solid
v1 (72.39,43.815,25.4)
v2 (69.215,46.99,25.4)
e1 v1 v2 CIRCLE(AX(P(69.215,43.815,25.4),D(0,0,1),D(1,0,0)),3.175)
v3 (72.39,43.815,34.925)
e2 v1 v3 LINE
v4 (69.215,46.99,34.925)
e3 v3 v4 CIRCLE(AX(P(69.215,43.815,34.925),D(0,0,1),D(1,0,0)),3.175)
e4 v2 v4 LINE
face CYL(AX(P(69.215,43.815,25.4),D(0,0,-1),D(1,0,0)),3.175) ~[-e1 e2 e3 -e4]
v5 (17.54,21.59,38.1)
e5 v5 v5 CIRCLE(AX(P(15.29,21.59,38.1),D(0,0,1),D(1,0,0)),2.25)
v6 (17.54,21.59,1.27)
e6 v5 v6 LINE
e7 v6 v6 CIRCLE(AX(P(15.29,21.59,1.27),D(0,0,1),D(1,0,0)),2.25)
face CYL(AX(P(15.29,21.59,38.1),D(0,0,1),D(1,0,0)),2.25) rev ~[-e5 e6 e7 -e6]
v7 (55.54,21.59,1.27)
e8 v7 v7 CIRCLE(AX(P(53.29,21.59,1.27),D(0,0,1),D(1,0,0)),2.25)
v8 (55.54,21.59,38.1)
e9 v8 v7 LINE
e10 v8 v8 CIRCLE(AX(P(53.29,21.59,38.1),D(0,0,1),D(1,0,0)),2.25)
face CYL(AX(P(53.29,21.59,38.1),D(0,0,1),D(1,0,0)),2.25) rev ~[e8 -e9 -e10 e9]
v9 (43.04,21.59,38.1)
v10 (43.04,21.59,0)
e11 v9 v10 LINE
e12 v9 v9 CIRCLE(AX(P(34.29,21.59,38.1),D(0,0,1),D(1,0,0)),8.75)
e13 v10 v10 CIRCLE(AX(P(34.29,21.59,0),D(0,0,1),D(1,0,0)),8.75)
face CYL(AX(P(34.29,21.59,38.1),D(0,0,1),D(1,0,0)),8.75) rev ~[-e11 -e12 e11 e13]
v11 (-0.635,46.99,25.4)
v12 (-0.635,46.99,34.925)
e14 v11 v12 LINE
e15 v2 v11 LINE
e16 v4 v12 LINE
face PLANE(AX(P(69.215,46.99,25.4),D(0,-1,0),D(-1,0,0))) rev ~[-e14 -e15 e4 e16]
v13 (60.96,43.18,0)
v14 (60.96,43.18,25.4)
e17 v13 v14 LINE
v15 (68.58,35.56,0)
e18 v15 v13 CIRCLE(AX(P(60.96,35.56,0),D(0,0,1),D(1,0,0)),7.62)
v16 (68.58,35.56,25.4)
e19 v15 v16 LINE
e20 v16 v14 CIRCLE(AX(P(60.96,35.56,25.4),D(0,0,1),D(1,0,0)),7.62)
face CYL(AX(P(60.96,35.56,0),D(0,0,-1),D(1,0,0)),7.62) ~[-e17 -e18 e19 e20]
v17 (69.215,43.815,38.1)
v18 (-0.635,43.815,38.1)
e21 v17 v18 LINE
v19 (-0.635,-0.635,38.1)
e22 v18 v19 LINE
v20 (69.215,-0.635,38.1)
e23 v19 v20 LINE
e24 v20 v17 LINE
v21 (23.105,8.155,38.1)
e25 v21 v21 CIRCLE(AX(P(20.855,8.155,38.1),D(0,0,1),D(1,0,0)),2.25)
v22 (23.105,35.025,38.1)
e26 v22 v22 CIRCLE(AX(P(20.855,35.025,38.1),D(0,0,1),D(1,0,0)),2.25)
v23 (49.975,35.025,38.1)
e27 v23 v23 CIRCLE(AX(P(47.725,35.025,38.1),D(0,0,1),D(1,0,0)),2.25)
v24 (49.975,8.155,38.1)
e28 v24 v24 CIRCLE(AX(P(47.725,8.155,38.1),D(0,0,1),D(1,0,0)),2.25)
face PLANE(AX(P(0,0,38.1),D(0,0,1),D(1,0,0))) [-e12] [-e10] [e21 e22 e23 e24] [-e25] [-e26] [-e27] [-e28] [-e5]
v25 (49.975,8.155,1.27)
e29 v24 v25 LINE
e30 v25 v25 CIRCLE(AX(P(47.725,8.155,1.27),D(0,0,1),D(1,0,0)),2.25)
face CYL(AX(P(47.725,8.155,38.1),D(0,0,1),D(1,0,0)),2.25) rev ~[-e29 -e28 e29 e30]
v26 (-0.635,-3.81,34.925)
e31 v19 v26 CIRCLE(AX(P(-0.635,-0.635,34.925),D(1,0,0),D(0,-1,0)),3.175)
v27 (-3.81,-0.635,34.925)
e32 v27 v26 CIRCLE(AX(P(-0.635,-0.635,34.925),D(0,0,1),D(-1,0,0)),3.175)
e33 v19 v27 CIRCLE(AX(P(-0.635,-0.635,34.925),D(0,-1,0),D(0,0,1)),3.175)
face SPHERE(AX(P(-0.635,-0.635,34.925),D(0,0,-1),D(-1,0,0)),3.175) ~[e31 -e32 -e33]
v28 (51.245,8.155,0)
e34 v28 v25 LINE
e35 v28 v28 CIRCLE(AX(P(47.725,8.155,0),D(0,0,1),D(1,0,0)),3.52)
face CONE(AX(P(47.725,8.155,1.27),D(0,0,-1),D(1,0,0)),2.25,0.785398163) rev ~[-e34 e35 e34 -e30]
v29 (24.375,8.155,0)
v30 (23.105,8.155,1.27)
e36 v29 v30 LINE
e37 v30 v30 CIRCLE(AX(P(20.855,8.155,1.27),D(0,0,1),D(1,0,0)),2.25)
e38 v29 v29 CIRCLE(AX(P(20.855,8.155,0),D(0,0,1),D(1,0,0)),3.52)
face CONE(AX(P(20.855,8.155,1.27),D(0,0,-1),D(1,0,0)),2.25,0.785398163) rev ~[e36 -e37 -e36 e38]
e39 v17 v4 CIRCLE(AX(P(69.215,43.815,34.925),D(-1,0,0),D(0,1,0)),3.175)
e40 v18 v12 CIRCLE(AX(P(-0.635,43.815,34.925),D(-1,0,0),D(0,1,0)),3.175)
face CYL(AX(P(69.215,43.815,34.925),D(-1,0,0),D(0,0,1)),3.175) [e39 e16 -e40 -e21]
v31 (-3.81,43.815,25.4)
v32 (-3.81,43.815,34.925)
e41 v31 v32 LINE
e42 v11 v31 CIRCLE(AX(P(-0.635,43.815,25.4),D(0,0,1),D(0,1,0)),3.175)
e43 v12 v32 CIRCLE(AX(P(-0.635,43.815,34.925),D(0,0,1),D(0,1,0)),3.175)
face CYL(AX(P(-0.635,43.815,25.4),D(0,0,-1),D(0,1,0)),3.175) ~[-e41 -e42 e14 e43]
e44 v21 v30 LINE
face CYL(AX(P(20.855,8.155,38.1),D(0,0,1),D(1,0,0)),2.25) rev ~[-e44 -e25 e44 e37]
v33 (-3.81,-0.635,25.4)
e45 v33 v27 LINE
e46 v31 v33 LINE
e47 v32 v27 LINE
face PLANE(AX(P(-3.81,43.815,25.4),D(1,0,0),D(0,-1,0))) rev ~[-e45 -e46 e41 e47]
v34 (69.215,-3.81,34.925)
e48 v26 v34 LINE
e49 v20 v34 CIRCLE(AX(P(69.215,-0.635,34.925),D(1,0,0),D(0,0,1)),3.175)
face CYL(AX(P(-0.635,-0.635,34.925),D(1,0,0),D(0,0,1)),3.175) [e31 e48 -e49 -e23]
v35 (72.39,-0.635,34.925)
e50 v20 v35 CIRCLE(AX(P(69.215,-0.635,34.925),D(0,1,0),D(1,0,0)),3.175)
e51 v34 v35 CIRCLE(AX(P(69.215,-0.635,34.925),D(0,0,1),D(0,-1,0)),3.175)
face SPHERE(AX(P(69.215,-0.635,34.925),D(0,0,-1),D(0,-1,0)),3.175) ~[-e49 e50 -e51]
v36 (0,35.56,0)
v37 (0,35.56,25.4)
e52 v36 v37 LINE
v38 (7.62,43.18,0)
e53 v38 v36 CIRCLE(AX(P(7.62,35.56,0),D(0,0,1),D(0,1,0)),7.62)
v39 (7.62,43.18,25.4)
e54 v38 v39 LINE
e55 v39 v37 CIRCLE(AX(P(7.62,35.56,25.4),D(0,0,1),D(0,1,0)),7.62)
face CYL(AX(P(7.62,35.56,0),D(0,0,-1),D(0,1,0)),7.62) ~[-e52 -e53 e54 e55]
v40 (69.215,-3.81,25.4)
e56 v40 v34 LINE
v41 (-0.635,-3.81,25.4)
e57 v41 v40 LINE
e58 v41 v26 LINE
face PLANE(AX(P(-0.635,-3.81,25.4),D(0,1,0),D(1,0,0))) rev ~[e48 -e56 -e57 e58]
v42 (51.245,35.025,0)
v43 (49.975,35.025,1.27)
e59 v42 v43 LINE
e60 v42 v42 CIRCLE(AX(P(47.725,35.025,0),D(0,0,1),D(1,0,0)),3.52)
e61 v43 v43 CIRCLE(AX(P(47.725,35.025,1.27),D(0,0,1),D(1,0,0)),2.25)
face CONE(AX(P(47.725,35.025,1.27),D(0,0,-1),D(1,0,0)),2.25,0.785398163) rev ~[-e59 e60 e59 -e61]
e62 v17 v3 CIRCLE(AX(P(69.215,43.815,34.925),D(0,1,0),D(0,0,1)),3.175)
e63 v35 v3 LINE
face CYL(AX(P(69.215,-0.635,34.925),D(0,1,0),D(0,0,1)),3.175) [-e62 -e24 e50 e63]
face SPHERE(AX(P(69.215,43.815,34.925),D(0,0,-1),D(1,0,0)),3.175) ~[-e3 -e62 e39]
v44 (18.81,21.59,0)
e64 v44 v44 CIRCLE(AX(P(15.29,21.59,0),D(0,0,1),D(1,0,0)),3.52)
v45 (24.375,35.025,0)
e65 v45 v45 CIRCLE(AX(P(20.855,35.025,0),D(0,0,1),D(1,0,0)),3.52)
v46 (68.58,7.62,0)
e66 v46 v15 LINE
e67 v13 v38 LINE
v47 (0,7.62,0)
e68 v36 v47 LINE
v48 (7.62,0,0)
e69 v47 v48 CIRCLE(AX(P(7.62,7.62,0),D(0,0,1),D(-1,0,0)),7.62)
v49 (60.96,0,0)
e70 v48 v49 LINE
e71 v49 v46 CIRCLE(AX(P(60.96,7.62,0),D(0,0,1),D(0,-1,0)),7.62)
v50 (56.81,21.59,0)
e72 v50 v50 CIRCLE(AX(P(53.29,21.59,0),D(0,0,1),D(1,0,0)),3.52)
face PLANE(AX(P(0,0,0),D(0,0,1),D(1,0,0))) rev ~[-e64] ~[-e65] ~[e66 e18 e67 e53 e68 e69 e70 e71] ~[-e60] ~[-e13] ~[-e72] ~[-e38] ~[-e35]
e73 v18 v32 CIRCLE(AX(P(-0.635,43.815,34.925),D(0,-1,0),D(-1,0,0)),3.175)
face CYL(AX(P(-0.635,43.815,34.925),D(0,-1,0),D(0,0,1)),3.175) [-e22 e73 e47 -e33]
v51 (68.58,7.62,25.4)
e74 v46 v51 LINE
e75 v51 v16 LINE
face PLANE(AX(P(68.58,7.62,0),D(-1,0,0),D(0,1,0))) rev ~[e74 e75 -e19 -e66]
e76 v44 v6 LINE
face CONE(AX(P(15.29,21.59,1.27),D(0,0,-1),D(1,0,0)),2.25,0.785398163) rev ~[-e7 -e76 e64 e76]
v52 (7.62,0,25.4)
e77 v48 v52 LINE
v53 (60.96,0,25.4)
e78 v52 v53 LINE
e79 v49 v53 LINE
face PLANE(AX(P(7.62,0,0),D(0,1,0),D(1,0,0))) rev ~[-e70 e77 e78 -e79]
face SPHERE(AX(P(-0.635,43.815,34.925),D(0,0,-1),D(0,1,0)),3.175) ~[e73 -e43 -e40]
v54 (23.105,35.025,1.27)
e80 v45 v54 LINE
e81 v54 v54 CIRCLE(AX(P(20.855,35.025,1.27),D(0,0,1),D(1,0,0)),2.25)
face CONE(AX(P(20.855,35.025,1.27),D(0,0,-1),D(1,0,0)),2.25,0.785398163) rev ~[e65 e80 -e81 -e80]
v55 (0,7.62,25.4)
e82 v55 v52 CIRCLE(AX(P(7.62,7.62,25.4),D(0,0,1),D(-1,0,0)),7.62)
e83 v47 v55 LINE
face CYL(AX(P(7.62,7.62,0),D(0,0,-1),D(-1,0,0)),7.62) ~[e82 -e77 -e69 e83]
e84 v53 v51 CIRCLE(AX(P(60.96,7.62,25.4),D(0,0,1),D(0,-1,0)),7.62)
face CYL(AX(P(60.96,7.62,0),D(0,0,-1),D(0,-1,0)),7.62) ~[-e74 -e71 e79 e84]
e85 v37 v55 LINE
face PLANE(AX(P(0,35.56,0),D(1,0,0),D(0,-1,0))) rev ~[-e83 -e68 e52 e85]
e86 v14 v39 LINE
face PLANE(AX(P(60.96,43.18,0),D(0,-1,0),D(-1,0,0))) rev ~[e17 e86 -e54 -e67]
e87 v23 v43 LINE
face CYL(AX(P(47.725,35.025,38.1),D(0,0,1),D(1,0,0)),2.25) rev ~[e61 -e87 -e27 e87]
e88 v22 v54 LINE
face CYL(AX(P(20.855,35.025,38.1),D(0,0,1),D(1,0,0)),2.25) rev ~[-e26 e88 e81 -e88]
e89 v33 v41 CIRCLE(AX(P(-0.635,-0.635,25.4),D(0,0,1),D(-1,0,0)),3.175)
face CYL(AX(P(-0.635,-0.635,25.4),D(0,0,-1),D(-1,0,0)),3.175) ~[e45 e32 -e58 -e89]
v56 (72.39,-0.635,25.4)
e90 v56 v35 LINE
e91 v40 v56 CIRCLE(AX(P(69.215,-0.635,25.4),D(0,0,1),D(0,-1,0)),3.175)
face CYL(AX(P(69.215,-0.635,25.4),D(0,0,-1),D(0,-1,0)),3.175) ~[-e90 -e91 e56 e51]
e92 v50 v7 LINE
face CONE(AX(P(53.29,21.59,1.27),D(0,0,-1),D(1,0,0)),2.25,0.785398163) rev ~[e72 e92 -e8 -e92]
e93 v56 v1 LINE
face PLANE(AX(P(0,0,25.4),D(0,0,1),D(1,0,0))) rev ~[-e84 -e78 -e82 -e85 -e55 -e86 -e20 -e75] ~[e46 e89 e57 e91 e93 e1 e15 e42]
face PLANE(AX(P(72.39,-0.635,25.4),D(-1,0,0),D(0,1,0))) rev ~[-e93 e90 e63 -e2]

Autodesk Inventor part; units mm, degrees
ref_plane "YZ Plane" through (0, 0, 0) normal (1, 0, 0) x (0, 1, 0)
ref_plane "XZ Plane" through (0, 0, 0) normal (0, 1, 0) x (-1, 0, 0)
ref_plane "XY Plane" through (0, 0, 0) normal (0, 0, 1) x (1, 0, 0)
sketch "Sketch1" plane through (0, 0, 0) normal (0, 0, 1) x (1, 0, 0)
  line L0 (7.62, 0) -> (60.96, 0)
  line L1 (68.58, 7.62) -> (68.58, 35.56)
  line L2 (60.96, 43.18) -> (7.62, 43.18)
  line L3 (0, 35.56) -> (0, 7.62)
  arc A0 (7.62, 43.18) -> (0, 35.56) centre (7.62, 35.56) ccw
  arc A1 (0, 7.62) -> (7.62, 0) centre (7.62, 7.62) ccw
  arc A2 (60.96, 0) -> (68.58, 7.62) centre (60.96, 7.62) ccw
  arc A3 (68.58, 35.56) -> (60.96, 43.18) centre (60.96, 35.56) ccw
  point P0 (0, 0)
  point P1 (68.58, 43.18)
  point P2 (68.58, 0)
  point P3 (0, 43.18)
  dimension "d0" = 68.58
  dimension "d1" = 43.18
  dimension "d2" = 7.62
extrude "Extrusion1" add sketch "Sketch1" along normal blind 25.4
sketch "Sketch2" plane through (0, 0, 25.4) normal (0, 0, 1) x (1, 0, 0)
  line L0 (-0.635, -3.81) -> (69.215, -3.81)
  line L1 (72.39, -0.635) -> (72.39, 43.815)
  line L2 (69.215, 46.99) -> (-0.635, 46.99)
  line L3 (-3.81, 43.815) -> (-3.81, -0.635)
  arc A0 (-0.635, 46.99) -> (-3.81, 43.815) centre (-0.635, 43.815) ccw
  arc A1 (-3.81, -0.635) -> (-0.635, -3.81) centre (-0.635, -0.635) ccw
  arc A2 (69.215, -3.81) -> (72.39, -0.635) centre (69.215, -0.635) ccw
  arc A3 (72.39, 43.815) -> (69.215, 46.99) centre (69.215, 43.815) ccw
  line L4 (60.96, 43.18) -> (7.62, 43.18) construction
  line L5 (0, 35.56) -> (0, 7.62) construction
  point P0 (0, 0)
  point P1 (72.39, 46.99)
  point P2 (72.39, -3.81)
  point P3 (-3.81, 46.99)
  point P4 (34.29, 46.99)
  point P5 (34.29, 43.18)
  point P6 (-3.81, 21.59)
  point P7 (0, 21.59)
  dimension "d5" = 76.2
  dimension "d6" = 50.8
  dimension "d7" = 3.175
extrude "Extrusion2" add sketch "Sketch2" along normal blind 12.7
fillet "Fillet1" radius 3.175 8 edges at (-2.8801, 46.0601, 38.1) (-3.81, 21.59, 38.1) (-2.8801, -2.8801, 38.1) (34.29, -3.81, 38.1) (71.4601, -2.8801, 38.1) (72.39, 21.59, 38.1) (71.4601, 46.0601, 38.1) (34.29, 46.99, 38.1)
sketch "Sketch3" plane through (0, 0, 38.1) normal (0, 0, 1) x (1, 0, 0)
  line L0 (69.215, 46.99) -> (-0.635, 46.99) construction
  line L1 (69.215, 46.99) -> (-0.635, 46.99) construction
  line L2 (-3.81, 43.815) -> (-3.81, -0.635) construction
  line L3 (-3.81, 43.815) -> (-3.81, -0.635) construction
  circle A0 centre (34.29, 21.59) radius 8.75
  circle A1 centre (34.29, 21.59) radius 19 construction
  circle A2 centre (20.855, 35.025) radius 2.25
  circle A3 centre (47.725, 35.025) radius 2.25
  circle A4 centre (15.29, 21.59) radius 2.25
  circle A5 centre (53.29, 21.59) radius 2.25
  circle A6 centre (20.855, 8.155) radius 2.25
  circle A7 centre (47.725, 8.155) radius 2.25
  line L4 (20.855, 35.025) -> (34.29, 21.59) construction
  line L5 (34.29, 21.59) -> (15.29, 21.59) construction
  point P0 (0, 0)
  point P1 (34.29, 46.99)
  point P2 (-3.81, 21.59)
  point P3 (-3.81, 21.59)
  dimension "d11" = 17.5
  dimension "d14" = 4.5
  dimension "d15" = 38
  dimension "d16" = 45
extrude "Extrusion3" cut sketch "Sketch3" against normal up to surface (38.1 mm away)
chamfer "Chamfer1" distance 1.27 angle 45 6 edges at (45.475, 35.025, 0) (18.605, 35.025, 0) (13.04, 21.59, 0) (51.04, 21.59, 0) (45.475, 8.155, 0) (18.605, 8.155, 0)
properties part number "2x3_Spacer_Rear"
